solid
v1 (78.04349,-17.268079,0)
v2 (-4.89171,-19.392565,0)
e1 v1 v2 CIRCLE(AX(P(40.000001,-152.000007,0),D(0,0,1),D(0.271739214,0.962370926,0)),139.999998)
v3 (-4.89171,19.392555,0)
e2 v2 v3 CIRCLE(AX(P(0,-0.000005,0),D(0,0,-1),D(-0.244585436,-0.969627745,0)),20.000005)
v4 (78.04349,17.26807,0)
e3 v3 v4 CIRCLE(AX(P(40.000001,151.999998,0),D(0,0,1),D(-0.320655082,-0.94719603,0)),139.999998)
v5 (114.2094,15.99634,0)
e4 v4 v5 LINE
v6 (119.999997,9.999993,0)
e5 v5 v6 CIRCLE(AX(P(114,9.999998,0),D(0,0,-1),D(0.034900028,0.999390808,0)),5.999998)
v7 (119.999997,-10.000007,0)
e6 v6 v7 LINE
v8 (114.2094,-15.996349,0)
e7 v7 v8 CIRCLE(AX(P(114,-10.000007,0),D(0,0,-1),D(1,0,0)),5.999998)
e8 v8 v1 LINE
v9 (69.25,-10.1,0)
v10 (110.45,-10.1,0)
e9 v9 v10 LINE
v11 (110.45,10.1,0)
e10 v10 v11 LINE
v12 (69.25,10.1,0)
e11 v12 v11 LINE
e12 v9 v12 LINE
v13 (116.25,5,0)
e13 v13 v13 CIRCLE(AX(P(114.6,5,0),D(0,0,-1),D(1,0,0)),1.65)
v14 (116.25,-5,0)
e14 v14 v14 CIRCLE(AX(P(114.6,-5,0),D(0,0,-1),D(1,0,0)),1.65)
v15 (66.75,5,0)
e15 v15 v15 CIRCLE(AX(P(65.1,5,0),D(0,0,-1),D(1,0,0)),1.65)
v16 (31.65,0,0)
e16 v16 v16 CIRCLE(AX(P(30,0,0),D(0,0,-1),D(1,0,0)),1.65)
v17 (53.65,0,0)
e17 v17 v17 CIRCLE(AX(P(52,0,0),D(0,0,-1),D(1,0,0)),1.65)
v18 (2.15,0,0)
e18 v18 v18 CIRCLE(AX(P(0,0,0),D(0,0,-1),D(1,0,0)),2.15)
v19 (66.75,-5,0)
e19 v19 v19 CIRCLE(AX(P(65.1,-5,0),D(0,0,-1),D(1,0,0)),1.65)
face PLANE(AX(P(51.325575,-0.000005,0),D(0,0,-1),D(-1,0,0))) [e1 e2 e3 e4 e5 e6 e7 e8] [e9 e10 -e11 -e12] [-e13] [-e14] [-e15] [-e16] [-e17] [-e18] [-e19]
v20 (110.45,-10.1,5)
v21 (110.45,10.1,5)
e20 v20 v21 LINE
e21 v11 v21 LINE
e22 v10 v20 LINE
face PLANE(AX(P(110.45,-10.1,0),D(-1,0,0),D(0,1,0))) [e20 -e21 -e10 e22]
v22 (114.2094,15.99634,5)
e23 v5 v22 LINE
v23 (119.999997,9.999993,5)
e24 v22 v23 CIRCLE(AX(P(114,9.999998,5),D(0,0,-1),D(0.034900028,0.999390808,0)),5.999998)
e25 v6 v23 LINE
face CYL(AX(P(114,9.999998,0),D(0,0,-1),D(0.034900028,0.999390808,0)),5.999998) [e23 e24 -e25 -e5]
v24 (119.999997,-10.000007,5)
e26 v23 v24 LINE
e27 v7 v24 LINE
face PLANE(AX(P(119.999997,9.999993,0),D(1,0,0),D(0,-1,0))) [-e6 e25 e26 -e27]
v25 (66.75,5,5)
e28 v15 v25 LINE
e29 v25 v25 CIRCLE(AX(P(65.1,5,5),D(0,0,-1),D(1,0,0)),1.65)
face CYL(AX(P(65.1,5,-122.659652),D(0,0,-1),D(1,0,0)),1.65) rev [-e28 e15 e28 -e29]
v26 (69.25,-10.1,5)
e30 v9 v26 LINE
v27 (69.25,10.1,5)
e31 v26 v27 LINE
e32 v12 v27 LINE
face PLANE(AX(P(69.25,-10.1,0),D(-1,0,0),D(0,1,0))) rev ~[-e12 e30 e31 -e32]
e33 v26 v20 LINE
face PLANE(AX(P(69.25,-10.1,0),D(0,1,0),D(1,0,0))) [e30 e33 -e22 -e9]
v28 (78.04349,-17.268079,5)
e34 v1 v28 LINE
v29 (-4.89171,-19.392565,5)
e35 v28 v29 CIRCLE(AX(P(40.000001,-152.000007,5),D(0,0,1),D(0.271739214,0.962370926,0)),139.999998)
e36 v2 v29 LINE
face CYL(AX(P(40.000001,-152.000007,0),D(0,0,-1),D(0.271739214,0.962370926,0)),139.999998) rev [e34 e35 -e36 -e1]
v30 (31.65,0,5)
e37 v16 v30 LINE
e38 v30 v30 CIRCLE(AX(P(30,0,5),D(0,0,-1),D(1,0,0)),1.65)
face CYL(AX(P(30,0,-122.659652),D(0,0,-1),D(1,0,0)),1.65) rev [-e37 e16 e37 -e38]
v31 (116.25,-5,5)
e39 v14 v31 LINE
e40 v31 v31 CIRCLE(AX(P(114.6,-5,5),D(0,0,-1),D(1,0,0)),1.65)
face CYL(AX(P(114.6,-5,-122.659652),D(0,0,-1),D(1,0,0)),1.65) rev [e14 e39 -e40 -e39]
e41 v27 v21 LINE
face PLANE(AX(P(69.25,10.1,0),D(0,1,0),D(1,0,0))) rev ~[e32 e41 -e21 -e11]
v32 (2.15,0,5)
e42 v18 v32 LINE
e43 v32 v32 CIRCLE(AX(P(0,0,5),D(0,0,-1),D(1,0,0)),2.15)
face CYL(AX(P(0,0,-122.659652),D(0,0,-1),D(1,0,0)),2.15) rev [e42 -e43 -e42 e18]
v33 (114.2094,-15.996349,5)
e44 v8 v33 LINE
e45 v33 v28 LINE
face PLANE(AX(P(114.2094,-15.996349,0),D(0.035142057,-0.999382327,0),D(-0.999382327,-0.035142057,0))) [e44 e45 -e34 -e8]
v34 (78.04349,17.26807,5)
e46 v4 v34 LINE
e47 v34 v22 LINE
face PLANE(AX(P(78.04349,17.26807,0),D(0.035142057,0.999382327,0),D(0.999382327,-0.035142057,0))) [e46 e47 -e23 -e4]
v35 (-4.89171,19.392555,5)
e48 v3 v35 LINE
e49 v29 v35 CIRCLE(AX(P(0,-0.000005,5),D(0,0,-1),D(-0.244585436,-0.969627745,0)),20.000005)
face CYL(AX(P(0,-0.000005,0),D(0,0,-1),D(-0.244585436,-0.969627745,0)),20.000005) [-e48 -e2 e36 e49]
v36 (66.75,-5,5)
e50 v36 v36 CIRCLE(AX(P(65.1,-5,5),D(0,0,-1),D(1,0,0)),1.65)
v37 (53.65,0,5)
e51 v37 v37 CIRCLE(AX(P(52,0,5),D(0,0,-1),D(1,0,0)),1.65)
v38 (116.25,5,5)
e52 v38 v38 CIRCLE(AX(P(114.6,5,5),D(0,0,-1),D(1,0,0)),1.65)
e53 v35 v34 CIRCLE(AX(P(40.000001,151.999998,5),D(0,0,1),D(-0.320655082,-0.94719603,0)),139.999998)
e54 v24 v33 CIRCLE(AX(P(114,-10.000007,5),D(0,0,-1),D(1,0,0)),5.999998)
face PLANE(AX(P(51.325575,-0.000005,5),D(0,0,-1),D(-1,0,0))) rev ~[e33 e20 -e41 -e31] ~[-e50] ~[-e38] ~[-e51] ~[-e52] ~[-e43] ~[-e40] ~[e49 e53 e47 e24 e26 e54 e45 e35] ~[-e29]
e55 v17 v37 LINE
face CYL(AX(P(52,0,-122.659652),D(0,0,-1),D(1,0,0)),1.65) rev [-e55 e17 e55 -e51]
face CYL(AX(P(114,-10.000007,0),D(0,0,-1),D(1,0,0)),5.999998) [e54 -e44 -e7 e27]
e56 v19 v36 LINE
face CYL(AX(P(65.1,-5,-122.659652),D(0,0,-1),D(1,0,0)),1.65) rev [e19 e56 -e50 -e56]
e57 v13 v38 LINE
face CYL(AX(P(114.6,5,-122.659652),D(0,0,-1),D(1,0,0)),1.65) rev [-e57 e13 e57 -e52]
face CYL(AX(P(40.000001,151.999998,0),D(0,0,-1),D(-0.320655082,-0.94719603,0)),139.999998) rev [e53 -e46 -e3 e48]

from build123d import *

# Parameters (mm, degrees)
ESKIZ_KONTUR_W        = 41.2
ESKIZ_KONTUR_H        = 20.2
PLASTINA_DEPTH        = 5
OTVERSTIYA_DEPTH      = 122.659652126
OTVERSTIYA_DEPTH_BACK = 122.659652126
ESKIZ_OTVERSTIYA_R    = 1.65
ESKIZ_OTVERSTIYA_R_2  = 2.15


with BuildPart() as part:
    # Eskiz_kontur → Plastina (new body)
    with BuildSketch(Plane.XY):
        with BuildLine():
            Line((78.04349, 17.26807), (114.2094, 15.99634))
            ThreePointArc((114.2094, 15.99634), (118.316039529, 14.167943464), (119.999997488, 9.999993404))
            Line((119.999997488, 9.999993404), (119.999997488, -10.000006596))
            ThreePointArc((119.999997488, -10.000006596), (118.31603808, -14.167953985), (114.2094, -15.996349022))
            Line((114.2094, -15.996349022), (78.04349, -17.268079022))
            ThreePointArc((78.04349, -17.268079022), (36.414907375, -12.045919499), (-4.891710116, -19.392564511))
            ThreePointArc((-4.891710116, -19.392564511), (-20.000005367, -4.511e-06), (-4.891710116, 19.392555489))
            ThreePointArc((-4.891710116, 19.392555489), (36.414907375, 12.045910477), (78.04349, 17.26807))
        make_face()
        with Locations((89.85, 0)):
            Rectangle(ESKIZ_KONTUR_W, ESKIZ_KONTUR_H, mode=Mode.SUBTRACT)
    extrude(amount=PLASTINA_DEPTH)

    # Eskiz_otverstiya → Otverstiya (cut, two sides: drawn at the far end of the back side and taken through both)
    with BuildSketch(Plane.XY.offset(-OTVERSTIYA_DEPTH_BACK)):
        with Locations((65.1, -5)):
            Circle(ESKIZ_OTVERSTIYA_R)
        with Locations((114.6, -5)):
            Circle(ESKIZ_OTVERSTIYA_R)
        Circle(ESKIZ_OTVERSTIYA_R_2)
        with Locations((30, 0)):
            Circle(ESKIZ_OTVERSTIYA_R)
        with Locations((52, 0)):
            Circle(ESKIZ_OTVERSTIYA_R)
        with Locations((65.1, 5)):
            Circle(ESKIZ_OTVERSTIYA_R)
        with Locations((114.6, 5)):
            Circle(ESKIZ_OTVERSTIYA_R)
    extrude(amount=OTVERSTIYA_DEPTH + OTVERSTIYA_DEPTH_BACK, mode=Mode.SUBTRACT)


solid = part.part
